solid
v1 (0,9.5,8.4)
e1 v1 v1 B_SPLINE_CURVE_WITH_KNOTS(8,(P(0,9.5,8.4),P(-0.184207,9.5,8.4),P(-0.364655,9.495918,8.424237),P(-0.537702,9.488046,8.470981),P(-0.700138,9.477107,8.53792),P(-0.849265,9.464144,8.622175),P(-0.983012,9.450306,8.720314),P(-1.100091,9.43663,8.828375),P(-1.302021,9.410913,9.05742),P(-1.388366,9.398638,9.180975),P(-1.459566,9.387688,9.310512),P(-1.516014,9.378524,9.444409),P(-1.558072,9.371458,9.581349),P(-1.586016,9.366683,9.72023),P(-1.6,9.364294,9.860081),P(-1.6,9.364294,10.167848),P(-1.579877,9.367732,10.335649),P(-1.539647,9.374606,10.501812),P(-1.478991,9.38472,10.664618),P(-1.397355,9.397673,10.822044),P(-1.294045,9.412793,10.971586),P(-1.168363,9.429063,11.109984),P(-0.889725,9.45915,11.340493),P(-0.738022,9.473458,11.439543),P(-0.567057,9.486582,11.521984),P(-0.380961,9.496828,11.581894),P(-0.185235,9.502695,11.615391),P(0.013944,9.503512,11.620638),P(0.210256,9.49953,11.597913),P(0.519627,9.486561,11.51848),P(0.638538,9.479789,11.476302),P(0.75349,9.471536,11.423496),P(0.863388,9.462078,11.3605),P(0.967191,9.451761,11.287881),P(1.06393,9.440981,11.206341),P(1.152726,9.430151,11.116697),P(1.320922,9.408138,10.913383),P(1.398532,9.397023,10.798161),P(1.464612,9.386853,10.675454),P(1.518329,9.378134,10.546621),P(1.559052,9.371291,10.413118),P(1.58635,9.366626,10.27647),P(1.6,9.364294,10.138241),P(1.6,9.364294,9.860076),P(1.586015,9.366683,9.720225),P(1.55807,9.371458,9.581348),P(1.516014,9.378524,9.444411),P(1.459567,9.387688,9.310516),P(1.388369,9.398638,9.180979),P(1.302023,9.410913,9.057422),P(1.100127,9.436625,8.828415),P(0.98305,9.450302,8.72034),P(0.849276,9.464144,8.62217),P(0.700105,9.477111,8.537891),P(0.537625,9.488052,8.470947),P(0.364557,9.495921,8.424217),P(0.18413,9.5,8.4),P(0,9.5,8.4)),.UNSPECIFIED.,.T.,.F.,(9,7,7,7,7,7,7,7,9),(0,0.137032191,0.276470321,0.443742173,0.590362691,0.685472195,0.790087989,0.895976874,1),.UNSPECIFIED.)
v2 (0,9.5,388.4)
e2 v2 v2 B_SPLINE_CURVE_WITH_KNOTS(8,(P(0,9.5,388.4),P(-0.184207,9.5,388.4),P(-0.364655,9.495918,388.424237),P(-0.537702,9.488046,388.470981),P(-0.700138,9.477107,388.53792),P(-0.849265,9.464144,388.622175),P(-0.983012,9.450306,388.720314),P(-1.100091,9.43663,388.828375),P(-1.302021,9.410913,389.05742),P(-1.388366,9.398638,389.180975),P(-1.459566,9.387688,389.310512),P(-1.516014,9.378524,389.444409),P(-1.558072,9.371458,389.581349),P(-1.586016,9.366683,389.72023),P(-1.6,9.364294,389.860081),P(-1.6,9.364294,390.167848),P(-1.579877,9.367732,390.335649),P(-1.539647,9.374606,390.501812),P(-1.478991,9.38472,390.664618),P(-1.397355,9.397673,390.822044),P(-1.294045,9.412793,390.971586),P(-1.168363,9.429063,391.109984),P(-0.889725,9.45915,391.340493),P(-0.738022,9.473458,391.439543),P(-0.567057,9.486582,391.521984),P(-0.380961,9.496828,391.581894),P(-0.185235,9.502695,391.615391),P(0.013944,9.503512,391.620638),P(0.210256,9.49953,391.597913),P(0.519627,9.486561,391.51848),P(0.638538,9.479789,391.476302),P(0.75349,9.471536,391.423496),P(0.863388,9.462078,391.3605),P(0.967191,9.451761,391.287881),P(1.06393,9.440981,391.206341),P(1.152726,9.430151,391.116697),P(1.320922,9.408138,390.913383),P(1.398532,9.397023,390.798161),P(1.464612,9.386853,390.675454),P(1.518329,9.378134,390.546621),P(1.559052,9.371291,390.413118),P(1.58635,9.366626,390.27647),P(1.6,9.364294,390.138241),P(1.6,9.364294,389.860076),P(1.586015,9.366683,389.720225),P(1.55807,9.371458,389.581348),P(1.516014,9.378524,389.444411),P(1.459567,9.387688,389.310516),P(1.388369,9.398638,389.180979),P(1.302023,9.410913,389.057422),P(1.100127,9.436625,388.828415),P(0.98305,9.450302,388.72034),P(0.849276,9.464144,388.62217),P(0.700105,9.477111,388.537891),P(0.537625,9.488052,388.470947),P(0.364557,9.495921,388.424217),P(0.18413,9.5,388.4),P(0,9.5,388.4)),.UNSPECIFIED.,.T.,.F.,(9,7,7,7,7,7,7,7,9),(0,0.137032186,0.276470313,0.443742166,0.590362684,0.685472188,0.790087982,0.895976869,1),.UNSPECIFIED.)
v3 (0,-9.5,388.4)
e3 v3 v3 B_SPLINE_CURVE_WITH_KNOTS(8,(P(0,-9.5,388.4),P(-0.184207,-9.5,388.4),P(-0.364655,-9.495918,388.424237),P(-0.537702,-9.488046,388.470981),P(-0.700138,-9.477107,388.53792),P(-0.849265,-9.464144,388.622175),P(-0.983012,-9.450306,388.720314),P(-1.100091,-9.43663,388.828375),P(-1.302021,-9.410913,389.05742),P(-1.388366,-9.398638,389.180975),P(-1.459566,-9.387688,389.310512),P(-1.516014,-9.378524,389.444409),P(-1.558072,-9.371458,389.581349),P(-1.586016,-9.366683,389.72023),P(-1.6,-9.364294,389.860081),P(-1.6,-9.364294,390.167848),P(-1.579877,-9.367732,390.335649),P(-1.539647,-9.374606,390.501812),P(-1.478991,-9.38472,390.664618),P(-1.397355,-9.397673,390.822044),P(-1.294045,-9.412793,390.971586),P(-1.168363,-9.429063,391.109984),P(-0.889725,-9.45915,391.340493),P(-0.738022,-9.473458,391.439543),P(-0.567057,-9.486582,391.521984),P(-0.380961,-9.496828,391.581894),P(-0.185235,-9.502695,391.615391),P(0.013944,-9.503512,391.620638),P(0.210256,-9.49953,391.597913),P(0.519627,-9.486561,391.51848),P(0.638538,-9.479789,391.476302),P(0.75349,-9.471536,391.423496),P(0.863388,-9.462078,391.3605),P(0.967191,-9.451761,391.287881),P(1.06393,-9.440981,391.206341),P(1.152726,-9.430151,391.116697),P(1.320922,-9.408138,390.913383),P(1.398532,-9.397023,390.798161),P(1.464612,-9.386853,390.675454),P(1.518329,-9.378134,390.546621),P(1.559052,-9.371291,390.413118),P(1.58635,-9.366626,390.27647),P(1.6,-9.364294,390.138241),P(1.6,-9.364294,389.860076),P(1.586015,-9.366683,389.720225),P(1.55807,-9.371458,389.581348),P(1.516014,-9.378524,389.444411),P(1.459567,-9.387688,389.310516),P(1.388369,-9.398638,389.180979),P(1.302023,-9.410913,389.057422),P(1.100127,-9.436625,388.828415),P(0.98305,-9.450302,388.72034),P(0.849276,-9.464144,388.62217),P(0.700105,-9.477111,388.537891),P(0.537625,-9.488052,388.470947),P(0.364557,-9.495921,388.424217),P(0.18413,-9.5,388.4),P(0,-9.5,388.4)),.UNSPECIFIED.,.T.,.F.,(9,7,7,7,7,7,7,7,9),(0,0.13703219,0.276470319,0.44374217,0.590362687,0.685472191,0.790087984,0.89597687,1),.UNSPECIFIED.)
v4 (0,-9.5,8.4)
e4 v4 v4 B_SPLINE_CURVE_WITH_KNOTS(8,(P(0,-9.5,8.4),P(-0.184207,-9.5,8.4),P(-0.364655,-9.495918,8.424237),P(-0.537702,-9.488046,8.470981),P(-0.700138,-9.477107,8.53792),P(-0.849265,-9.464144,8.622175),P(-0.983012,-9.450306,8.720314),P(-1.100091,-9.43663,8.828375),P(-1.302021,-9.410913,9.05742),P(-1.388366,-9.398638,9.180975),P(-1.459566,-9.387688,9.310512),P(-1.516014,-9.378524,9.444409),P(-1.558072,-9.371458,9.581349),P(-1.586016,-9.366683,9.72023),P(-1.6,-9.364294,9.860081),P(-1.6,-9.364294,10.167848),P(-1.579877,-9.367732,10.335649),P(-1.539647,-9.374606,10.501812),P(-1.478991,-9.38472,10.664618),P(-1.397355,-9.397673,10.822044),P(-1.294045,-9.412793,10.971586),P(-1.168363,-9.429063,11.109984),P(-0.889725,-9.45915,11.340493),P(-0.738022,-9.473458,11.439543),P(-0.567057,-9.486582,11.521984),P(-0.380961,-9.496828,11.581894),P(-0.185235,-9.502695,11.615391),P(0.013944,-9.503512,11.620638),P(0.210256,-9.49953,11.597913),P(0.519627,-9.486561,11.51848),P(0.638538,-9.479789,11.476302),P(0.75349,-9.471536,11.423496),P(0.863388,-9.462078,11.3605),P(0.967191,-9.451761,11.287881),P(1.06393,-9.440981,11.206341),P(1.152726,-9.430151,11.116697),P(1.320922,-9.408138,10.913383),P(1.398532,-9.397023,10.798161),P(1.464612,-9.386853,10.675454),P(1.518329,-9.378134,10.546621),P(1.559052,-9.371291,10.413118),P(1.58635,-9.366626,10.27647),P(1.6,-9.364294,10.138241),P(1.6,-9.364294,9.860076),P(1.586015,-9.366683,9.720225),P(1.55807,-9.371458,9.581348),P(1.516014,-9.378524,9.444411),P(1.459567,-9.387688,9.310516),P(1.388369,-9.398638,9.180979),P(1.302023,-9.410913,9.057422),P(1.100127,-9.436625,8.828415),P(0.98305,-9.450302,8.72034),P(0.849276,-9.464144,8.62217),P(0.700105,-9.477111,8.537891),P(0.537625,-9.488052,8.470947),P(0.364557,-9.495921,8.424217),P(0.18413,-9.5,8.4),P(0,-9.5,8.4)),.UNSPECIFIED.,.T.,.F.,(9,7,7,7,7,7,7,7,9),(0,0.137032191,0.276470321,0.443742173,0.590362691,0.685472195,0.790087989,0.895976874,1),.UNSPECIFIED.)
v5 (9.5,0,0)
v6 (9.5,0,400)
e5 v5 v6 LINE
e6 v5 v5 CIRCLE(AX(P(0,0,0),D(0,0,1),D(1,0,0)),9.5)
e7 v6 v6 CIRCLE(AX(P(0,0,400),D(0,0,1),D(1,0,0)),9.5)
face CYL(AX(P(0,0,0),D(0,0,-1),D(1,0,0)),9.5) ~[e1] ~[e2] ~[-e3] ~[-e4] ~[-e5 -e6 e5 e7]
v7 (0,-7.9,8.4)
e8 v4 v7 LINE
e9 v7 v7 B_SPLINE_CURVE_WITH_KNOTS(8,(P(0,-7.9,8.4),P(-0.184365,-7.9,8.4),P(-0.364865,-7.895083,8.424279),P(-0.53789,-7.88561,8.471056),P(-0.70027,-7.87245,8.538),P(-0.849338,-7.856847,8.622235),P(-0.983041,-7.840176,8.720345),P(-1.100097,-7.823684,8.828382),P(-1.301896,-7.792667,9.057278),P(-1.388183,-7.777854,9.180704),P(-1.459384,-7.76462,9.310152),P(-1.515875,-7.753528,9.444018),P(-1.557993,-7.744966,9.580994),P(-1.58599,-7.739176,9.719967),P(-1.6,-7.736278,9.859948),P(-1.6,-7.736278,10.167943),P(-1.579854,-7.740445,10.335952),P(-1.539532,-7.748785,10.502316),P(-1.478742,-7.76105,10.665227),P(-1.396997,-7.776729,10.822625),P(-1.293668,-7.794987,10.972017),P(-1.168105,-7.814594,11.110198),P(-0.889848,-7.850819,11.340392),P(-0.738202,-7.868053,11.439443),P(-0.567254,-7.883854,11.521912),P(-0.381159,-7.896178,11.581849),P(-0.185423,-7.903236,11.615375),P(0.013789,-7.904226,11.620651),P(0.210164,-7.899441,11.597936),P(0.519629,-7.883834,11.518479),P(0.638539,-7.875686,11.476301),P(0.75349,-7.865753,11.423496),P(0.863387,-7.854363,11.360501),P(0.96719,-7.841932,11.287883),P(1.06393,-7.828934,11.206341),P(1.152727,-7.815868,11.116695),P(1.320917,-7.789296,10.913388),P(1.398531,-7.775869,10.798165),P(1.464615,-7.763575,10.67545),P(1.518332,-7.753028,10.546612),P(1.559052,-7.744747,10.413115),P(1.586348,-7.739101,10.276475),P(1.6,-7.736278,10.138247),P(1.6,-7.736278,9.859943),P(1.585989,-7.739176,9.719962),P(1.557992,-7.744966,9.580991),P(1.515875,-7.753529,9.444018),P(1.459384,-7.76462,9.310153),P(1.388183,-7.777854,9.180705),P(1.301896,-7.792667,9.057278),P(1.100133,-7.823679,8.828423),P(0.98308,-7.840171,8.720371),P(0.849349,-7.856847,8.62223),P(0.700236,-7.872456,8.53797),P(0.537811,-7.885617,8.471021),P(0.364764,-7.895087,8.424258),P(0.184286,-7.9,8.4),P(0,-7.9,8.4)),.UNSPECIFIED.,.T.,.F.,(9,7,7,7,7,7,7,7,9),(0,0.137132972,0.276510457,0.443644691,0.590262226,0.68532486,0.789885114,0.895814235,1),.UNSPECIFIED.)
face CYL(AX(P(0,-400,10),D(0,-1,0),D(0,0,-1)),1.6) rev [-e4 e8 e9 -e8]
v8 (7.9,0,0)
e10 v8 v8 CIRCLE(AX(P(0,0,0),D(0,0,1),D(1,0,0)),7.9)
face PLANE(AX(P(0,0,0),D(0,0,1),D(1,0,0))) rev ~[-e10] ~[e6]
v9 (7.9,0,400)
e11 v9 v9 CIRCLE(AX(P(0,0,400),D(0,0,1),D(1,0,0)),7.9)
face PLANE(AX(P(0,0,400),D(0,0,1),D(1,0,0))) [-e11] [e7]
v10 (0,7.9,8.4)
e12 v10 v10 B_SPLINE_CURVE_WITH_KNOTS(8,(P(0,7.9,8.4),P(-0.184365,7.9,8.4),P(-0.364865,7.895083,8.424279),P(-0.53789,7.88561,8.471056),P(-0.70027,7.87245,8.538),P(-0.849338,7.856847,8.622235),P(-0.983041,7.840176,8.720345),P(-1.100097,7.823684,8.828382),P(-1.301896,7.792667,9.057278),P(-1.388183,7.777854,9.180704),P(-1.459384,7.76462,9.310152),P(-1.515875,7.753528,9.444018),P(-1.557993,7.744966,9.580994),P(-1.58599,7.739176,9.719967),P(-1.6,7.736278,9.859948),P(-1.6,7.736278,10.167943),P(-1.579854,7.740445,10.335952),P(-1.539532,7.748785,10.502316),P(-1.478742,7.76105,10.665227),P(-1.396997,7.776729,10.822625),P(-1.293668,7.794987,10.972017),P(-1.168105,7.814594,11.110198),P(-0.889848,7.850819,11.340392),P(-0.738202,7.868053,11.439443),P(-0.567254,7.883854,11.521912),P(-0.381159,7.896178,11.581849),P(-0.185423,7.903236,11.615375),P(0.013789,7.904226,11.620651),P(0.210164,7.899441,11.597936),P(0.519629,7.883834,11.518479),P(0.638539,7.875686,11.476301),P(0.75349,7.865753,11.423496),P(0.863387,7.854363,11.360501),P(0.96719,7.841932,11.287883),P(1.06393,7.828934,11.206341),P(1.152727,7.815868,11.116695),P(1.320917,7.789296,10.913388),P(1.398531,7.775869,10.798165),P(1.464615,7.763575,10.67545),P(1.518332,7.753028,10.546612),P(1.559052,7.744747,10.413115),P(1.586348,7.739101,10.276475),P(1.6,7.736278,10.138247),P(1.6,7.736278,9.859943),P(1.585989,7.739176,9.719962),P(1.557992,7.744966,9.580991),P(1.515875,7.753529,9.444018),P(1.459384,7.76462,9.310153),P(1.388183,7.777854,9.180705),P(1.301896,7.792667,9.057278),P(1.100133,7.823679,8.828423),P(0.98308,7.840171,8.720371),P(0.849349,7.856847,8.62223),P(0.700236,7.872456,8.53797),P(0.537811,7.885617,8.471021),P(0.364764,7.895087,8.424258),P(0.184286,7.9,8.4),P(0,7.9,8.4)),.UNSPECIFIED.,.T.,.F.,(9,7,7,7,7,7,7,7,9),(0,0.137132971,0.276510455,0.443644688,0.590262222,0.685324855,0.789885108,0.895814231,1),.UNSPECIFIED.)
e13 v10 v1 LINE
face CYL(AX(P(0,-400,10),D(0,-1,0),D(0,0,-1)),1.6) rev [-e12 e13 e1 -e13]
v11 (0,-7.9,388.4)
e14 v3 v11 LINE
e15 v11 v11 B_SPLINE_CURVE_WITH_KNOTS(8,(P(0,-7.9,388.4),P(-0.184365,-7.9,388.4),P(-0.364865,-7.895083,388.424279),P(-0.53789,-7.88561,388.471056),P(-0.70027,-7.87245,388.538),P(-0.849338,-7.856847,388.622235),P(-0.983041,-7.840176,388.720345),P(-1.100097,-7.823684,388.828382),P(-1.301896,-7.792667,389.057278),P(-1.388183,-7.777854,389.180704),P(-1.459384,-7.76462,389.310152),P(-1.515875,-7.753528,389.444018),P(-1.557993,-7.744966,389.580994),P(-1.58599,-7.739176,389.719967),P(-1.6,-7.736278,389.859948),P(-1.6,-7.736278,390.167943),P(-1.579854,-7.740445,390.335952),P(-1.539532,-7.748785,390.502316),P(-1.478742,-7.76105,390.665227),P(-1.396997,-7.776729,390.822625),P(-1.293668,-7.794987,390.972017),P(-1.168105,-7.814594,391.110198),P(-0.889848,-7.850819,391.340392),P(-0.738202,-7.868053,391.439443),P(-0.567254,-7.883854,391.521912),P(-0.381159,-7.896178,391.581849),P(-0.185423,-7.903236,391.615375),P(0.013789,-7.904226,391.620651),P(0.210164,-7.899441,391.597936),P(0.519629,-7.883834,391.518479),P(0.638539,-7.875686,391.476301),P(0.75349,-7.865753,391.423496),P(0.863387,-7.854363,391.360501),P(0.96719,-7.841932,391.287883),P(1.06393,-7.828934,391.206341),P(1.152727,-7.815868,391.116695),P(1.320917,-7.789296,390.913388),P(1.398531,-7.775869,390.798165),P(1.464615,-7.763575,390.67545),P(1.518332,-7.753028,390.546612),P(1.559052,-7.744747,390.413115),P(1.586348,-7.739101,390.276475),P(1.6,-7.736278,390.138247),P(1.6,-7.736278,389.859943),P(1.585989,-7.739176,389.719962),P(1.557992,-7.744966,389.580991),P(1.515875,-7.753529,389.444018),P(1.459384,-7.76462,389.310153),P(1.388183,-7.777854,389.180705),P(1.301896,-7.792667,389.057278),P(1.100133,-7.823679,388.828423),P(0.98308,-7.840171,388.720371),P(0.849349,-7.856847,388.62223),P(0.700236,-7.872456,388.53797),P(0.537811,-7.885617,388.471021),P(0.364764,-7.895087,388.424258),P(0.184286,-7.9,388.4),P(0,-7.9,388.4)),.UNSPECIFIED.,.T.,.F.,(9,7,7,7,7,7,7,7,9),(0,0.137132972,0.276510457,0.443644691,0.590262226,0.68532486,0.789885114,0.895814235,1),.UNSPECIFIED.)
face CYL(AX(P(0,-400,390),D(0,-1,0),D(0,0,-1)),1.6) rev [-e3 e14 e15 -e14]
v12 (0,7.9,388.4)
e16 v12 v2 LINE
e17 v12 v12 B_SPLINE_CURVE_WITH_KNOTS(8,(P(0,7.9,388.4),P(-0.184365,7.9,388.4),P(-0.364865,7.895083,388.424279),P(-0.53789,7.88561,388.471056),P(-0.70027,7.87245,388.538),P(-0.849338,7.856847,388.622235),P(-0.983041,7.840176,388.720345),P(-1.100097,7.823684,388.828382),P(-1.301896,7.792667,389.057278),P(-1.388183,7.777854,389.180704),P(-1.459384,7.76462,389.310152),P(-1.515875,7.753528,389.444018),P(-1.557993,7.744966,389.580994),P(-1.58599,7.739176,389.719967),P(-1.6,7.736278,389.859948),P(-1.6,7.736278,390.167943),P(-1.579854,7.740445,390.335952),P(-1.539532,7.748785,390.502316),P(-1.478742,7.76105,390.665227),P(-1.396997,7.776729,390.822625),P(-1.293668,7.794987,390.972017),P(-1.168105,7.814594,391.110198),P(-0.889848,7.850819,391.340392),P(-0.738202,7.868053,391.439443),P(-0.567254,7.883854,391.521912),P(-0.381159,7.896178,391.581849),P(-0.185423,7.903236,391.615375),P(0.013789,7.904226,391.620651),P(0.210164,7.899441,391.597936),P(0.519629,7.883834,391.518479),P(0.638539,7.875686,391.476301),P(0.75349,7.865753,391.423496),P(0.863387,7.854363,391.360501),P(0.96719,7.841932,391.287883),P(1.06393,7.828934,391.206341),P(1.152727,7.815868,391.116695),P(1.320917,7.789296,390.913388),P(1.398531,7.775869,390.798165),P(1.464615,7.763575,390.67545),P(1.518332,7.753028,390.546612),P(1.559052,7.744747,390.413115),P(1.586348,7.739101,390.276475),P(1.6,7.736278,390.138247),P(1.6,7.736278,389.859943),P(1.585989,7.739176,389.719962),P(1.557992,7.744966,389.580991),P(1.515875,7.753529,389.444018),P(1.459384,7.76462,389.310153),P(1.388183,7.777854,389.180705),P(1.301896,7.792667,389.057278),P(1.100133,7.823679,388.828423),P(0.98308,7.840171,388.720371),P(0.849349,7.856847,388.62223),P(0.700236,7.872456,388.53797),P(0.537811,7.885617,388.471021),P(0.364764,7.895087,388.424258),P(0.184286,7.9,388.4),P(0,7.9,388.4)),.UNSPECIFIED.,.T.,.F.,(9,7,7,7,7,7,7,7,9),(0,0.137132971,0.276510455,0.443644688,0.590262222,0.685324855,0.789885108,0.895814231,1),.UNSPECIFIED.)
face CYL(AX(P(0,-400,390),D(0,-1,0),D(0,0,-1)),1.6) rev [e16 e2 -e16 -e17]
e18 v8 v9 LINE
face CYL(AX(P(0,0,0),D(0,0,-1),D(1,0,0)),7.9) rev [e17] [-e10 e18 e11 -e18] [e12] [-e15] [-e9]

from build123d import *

# Parameters (mm, degrees)
SKETCH1_R               = 9.5
SKETCH1_R_2             = 7.9
BOSS_EXTRUDE1_DEPTH     = 400
CUT_EXTRUDE1_DEPTH      = 400
CUT_EXTRUDE1_DEPTH_BACK = 400
SKETCH2_R               = 1.6


with BuildPart() as part:
    # Sketch1 → Boss-Extrude1 (new body)
    with BuildSketch(Plane.XY):
        Circle(SKETCH1_R)
        Circle(SKETCH1_R_2, mode=Mode.SUBTRACT)
    extrude(amount=BOSS_EXTRUDE1_DEPTH)

    # Sketch2 → Cut-Extrude1 (cut, two sides: drawn at the far end of the back side and taken through both)
    with BuildSketch(Plane(origin=(0, 0, 0), x_dir=(1, 0, 0), z_dir=(0, 1, 0)).offset(-CUT_EXTRUDE1_DEPTH_BACK)):
        with Locations((0, -10)):
            Circle(SKETCH2_R)
        with Locations((0, -390)):
            Circle(SKETCH2_R)
    extrude(amount=CUT_EXTRUDE1_DEPTH + CUT_EXTRUDE1_DEPTH_BACK, mode=Mode.SUBTRACT)


solid = part.part
